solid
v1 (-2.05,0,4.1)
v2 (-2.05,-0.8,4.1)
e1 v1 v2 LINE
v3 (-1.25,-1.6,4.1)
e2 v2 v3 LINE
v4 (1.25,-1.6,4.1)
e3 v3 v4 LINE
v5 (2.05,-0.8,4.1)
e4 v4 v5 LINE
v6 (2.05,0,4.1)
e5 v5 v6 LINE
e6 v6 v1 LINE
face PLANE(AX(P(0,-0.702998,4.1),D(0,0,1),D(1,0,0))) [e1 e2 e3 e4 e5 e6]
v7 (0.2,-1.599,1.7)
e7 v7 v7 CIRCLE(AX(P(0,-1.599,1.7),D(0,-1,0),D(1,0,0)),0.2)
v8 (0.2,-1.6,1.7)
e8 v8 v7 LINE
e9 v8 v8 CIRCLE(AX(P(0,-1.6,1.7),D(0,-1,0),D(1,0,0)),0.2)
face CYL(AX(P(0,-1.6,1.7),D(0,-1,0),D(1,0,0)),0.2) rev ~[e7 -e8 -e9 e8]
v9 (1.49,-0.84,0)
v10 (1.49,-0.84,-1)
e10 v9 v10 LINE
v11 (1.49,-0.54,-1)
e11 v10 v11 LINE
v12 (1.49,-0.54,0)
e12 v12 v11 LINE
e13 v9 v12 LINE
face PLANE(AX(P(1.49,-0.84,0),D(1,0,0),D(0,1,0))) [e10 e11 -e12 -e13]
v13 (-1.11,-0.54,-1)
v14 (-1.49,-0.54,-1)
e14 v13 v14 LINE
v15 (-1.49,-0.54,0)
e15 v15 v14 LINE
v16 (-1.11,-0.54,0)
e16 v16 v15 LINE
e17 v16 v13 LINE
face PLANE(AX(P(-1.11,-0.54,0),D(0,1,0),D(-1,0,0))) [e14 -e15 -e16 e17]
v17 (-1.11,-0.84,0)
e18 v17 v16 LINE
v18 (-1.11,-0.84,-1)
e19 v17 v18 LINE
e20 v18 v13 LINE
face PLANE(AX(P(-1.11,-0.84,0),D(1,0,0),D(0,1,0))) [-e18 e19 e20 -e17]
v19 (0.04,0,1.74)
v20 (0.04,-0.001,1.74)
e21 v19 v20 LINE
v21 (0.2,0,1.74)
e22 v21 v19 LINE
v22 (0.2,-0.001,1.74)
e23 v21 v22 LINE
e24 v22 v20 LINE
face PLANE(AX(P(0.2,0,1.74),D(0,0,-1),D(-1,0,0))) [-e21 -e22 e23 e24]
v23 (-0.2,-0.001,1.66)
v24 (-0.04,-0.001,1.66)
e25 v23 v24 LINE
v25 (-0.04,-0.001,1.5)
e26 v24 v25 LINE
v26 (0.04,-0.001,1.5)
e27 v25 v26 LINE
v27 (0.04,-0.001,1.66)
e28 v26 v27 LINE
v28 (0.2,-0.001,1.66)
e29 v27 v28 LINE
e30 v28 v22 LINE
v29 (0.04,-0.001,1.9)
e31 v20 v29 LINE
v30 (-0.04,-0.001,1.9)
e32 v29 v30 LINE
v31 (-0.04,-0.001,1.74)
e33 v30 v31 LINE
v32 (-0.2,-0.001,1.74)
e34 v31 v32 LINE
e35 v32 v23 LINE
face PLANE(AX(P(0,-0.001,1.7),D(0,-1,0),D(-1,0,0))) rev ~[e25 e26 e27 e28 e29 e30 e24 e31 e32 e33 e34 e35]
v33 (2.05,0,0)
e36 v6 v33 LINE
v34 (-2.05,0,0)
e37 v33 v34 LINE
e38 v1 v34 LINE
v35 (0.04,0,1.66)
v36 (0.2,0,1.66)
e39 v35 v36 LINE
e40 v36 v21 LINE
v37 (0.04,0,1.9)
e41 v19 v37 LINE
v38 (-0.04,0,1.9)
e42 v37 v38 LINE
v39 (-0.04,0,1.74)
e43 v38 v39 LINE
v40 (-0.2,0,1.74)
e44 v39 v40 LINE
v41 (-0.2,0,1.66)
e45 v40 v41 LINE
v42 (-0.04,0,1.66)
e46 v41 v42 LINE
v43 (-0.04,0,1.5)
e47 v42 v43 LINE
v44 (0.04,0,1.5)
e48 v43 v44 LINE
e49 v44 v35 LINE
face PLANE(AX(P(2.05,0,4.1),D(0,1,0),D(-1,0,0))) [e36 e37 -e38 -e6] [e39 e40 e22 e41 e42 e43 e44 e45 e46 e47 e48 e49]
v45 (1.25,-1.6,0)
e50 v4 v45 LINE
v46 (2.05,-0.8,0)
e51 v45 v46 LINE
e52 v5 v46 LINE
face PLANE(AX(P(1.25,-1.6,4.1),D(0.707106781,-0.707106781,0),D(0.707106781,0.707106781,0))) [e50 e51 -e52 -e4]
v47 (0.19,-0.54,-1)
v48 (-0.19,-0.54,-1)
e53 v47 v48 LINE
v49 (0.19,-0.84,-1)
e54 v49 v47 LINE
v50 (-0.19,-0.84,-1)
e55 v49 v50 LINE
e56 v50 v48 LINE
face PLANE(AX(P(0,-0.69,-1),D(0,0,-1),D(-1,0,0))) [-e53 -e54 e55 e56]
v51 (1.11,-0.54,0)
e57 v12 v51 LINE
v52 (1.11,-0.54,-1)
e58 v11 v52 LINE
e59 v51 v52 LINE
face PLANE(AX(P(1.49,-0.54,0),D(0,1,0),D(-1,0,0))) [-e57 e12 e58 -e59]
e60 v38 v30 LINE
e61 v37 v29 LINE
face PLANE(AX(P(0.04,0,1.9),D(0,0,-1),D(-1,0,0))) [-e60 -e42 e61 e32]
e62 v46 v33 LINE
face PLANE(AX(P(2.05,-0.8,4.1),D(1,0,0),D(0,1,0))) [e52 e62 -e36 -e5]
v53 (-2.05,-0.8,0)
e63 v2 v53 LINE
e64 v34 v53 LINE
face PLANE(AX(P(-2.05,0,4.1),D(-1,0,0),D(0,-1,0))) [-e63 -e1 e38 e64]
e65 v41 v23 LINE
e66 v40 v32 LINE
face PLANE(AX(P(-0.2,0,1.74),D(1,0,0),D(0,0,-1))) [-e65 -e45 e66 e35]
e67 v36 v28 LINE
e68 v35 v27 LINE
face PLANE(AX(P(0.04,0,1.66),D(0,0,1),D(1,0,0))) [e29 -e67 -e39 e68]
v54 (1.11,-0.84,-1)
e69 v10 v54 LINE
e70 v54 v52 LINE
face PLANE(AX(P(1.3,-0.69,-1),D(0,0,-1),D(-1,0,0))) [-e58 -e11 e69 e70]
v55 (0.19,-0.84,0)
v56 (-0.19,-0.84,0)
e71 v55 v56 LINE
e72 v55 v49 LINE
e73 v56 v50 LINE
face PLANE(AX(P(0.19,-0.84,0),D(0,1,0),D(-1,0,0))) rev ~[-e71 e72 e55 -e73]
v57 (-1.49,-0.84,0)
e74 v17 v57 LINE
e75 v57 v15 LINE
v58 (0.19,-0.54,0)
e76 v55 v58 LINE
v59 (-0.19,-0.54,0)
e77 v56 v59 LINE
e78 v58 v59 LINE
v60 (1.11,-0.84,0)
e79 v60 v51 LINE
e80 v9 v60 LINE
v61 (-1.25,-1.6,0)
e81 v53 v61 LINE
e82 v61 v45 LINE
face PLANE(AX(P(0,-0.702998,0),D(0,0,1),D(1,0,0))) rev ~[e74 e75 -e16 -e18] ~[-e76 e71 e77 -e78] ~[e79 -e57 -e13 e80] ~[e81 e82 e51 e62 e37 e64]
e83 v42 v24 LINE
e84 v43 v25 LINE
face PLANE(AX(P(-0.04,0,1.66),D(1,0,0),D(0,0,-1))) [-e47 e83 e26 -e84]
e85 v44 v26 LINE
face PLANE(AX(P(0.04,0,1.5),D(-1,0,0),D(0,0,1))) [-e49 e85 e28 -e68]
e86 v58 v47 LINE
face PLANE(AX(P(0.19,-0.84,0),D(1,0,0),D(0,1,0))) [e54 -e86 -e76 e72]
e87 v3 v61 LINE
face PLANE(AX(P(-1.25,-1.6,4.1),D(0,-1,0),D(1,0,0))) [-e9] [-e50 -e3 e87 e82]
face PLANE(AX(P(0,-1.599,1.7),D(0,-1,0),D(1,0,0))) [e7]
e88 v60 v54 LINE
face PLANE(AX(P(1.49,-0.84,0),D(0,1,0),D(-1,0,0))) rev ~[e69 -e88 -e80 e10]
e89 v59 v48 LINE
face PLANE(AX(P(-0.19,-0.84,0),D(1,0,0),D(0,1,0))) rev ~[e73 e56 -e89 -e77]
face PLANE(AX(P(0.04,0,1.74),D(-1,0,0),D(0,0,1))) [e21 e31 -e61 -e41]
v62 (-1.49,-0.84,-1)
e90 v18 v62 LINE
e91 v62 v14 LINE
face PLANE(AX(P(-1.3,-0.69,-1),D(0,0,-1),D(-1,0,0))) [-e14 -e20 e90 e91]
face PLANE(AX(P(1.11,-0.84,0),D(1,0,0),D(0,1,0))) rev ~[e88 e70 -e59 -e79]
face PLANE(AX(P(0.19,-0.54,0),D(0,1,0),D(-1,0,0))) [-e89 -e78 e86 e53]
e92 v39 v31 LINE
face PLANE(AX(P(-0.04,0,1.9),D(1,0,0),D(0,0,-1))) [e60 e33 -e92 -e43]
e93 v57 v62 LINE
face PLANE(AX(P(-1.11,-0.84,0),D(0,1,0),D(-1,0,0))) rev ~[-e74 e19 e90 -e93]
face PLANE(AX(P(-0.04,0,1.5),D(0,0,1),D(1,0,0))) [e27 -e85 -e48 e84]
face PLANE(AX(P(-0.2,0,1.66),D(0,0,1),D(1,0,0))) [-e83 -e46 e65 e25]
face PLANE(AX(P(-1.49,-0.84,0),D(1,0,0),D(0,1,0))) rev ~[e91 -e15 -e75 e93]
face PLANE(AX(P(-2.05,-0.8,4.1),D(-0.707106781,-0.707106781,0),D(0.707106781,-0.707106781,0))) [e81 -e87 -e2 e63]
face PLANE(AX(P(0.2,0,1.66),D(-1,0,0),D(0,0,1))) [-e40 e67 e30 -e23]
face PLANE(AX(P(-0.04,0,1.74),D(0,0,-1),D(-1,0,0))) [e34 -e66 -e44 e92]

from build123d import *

# Parameters (mm, degrees)
BOITIER_DEPTH           = 4.1
ESQUISSE2_W             = 0.38
ESQUISSE2_H             = 0.3
PIN2_DEPTH              = 1
ESQUISSE3_W             = 0.38
ESQUISSE3_H             = 0.3
PIN3_DEPTH              = 1
ESQUISSE4_W             = 0.38
ESQUISSE4_H             = 0.3
PIN1_DEPTH              = 1
ESQUISSE5_R             = 0.2
ENL_V_MAT_EXTRU_1_DEPTH = 0.001
ENL_V_MAT_EXTRU_4_DEPTH = 0.001


with BuildPart() as part:
    # Esquisse1 → Boitier (new body)
    with BuildSketch(Plane.XY.offset(4.1)):
        Polygon((-2.05, -0.8), (-1.25, -1.6), (1.25, -1.6), (2.05, -0.8), (2.05, 0), (-2.05, 0), align=None)
    extrude(amount=-BOITIER_DEPTH)

    # Esquisse2 → Pin2 (add)
    with BuildSketch(Plane(origin=(0, 0, 0), x_dir=(-1, 0, 0), z_dir=(0, 0, -1))):
        with Locations((0, -0.69)):
            Rectangle(ESQUISSE2_W, ESQUISSE2_H)
    extrude(amount=PIN2_DEPTH)

    # Esquisse3 → Pin3 (add)
    with BuildSketch(Plane(origin=(0, 0, 0), x_dir=(-1, 0, 0), z_dir=(0, 0, -1))):
        with Locations((-1.3, -0.69)):
            Rectangle(ESQUISSE3_W, ESQUISSE3_H)
    extrude(amount=PIN3_DEPTH)

    # Esquisse4 → Pin1 (add)
    with BuildSketch(Plane(origin=(0, 0, 0), x_dir=(-1, 0, 0), z_dir=(0, 0, -1))):
        with Locations((1.3, -0.69)):
            Rectangle(ESQUISSE4_W, ESQUISSE4_H)
    extrude(amount=PIN1_DEPTH)

    # Esquisse5 → Enlèv. mat.-Extru.1 (cut)
    with BuildSketch(Plane.XZ.offset(1.6)):
        with Locations((0, 1.7)):
            Circle(ESQUISSE5_R)
    extrude(amount=-ENL_V_MAT_EXTRU_1_DEPTH, mode=Mode.SUBTRACT)

    # Esquisse6 → Enlèv. mat.-Extru.4 (cut)
    with BuildSketch(Plane(origin=(0, 0, 0), x_dir=(1, 0, 0), z_dir=(0, 1, 0))):
        Polygon((-0.2, -1.66), (-0.04, -1.66), (-0.04, -1.5), (0.04, -1.5), (0.04, -1.66), (0.2, -1.66), (0.2, -1.74), (0.04, -1.74), (0.04, -1.9), (-0.04, -1.9), (-0.04, -1.74), (-0.2, -1.74), align=None)
    extrude(amount=-ENL_V_MAT_EXTRU_4_DEPTH, mode=Mode.SUBTRACT)


solid = part.part
